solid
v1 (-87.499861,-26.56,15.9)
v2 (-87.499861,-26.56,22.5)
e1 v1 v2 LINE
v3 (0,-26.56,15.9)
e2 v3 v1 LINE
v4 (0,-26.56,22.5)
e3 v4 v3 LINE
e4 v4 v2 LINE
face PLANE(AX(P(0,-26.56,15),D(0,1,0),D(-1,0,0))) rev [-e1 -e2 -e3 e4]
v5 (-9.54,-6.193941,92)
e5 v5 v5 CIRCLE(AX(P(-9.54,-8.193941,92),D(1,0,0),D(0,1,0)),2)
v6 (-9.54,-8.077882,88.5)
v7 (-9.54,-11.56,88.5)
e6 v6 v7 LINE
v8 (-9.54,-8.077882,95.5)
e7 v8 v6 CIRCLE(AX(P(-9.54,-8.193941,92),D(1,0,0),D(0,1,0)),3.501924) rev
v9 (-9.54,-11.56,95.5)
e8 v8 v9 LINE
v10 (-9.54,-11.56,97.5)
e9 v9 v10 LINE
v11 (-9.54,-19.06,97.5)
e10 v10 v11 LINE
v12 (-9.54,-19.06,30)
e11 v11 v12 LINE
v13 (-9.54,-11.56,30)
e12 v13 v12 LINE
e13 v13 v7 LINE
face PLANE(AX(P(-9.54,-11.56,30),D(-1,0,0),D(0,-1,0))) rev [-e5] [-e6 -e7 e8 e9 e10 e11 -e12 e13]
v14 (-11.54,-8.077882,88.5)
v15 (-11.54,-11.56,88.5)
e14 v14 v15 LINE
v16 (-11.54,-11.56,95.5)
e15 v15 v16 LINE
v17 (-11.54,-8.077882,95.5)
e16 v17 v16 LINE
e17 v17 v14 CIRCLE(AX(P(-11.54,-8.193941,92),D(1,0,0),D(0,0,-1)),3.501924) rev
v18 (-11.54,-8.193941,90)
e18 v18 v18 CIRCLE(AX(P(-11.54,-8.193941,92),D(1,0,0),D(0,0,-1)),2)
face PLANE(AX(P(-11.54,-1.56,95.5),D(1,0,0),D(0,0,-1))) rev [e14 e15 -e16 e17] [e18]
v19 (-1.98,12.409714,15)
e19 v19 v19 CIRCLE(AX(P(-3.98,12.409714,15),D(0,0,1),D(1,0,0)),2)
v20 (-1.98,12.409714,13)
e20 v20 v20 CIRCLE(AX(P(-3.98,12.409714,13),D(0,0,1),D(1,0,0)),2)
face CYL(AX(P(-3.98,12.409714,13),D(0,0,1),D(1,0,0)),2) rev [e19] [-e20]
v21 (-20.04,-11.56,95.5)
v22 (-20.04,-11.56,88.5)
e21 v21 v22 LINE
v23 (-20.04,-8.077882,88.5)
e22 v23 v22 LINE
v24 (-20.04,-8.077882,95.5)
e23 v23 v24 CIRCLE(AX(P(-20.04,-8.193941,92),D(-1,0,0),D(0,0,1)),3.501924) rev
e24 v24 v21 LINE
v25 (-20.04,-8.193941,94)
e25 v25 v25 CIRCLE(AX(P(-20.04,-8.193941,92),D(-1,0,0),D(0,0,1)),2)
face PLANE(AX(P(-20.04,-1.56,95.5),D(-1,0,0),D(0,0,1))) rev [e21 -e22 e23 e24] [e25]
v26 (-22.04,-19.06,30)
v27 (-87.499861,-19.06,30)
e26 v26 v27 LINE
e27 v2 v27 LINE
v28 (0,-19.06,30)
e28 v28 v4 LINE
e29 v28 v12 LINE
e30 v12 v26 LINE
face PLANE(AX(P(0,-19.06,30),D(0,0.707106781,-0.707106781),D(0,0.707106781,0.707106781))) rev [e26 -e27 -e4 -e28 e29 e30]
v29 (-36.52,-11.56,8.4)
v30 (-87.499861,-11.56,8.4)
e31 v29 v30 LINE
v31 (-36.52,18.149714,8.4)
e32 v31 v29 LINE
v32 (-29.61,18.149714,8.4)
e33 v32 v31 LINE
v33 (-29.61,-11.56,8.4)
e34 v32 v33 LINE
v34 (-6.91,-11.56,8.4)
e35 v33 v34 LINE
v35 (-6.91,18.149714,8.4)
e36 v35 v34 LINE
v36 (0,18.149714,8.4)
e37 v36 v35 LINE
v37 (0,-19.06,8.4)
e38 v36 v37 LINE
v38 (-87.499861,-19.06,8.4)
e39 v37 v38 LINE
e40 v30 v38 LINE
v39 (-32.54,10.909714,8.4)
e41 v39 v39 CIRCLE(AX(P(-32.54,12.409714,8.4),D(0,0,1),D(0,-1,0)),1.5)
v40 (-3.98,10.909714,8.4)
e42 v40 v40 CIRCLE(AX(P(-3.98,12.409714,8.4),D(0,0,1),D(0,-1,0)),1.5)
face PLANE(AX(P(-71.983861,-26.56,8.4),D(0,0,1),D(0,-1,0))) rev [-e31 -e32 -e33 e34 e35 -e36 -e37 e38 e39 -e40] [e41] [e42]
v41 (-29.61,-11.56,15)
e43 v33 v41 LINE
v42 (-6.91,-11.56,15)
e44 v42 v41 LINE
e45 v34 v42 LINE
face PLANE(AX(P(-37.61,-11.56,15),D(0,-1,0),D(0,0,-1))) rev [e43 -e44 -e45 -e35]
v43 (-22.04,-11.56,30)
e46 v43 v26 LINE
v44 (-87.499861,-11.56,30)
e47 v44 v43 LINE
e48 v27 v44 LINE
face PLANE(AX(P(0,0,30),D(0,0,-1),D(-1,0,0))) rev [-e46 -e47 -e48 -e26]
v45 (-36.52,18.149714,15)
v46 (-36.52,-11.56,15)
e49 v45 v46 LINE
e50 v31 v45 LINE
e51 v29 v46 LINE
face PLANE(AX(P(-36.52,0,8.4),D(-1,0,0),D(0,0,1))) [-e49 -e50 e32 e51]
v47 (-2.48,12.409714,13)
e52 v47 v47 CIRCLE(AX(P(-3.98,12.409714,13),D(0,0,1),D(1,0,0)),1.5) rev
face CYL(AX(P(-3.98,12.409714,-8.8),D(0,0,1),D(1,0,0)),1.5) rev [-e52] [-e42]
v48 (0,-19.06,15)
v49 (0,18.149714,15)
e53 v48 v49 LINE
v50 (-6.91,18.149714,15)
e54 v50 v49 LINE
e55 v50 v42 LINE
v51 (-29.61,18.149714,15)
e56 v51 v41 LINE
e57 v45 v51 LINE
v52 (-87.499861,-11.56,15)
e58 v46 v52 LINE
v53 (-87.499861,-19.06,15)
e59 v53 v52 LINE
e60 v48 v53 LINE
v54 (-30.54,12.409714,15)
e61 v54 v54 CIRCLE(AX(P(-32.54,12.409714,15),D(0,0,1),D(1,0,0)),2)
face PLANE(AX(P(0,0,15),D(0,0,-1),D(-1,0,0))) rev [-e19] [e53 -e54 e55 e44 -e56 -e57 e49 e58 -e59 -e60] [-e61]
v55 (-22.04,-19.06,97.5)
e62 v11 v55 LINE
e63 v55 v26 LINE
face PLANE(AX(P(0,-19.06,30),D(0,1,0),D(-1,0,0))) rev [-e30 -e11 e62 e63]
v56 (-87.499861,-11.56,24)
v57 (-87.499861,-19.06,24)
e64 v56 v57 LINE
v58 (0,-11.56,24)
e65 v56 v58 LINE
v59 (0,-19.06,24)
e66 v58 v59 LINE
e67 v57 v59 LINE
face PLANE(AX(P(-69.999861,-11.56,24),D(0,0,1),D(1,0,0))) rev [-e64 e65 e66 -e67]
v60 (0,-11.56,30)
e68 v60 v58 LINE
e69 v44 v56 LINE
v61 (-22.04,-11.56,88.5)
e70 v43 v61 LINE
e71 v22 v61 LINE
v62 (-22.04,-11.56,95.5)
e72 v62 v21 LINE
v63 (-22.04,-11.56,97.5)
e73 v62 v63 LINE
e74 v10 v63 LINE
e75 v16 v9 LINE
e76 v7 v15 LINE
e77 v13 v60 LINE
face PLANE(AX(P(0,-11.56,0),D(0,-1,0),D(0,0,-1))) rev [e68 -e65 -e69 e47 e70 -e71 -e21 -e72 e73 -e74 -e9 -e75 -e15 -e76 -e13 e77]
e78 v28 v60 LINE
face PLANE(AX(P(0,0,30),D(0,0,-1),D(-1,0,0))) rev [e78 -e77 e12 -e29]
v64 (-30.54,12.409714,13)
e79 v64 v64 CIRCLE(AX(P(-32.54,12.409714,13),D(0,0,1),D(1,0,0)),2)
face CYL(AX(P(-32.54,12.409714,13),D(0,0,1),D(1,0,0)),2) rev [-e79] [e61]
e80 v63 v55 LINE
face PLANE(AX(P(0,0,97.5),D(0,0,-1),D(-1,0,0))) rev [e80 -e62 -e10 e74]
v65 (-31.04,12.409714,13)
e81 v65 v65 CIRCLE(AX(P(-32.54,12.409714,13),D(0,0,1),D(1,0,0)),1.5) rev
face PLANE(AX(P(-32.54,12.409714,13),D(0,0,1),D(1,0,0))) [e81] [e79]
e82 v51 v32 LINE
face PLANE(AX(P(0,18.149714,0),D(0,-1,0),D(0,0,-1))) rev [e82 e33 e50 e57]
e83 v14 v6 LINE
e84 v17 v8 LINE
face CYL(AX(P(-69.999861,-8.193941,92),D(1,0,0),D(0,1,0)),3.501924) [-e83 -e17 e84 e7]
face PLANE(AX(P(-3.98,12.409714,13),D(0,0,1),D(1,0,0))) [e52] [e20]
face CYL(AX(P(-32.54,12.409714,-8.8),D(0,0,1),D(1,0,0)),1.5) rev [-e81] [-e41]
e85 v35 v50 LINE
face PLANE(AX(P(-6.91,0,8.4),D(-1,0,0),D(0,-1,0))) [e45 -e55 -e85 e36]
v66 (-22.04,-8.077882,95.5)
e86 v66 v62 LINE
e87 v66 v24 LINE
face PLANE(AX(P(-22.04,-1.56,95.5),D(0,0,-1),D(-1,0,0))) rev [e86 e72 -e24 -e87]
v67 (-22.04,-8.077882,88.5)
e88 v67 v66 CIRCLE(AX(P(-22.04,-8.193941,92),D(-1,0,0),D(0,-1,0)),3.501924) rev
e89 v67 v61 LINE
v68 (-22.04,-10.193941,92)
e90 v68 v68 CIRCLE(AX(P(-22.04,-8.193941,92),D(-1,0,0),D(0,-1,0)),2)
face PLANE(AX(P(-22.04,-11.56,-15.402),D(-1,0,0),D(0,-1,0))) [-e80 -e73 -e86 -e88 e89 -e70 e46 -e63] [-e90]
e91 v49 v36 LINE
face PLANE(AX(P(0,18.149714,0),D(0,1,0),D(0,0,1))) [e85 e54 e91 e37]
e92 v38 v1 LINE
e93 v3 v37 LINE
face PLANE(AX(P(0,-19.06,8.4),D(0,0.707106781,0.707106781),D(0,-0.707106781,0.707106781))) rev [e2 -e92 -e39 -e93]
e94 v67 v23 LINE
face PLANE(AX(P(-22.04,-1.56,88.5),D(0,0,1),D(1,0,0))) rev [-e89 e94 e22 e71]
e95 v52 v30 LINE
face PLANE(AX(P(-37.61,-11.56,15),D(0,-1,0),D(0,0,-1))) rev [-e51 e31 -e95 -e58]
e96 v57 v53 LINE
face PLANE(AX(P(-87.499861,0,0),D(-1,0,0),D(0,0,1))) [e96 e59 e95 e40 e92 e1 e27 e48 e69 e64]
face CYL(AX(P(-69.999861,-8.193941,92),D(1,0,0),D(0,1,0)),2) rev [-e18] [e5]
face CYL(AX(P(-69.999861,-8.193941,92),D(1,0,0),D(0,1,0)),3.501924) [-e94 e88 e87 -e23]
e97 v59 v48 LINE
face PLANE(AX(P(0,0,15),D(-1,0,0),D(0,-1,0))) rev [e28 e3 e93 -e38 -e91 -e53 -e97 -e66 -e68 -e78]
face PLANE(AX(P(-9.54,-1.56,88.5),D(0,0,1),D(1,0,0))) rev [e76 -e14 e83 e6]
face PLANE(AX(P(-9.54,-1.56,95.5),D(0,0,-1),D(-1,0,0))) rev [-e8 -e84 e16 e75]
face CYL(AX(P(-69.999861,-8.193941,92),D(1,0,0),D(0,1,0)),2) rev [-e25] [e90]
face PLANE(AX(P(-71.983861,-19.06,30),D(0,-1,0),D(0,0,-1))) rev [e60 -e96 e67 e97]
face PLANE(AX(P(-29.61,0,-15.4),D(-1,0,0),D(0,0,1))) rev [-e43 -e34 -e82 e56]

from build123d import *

# Parameters (mm, degrees)
BOSS_EXTRUDE1_DEPTH     = 15
SKETCH2_W               = 71.983860539
SKETCH2_H               = 7.5
BOSS_EXTRUDE2_DEPTH     = 15
SKETCH3_W               = 71.983860539
SKETCH3_H               = 7.5
BOSS_EXTRUDE3_DEPTH     = 7.5
SKETCH4_W               = 8.4
SKETCH4_H               = 26.56
CUT_EXTRUDE1_DEPTH      = 83.383916987
SKETCH5_W               = 71.983860539
SKETCH5_H               = 10
BOSS_EXTRUDE4_DEPTH     = 23.8
SKETCH6_W               = 61.591879109
SKETCH6_H               = 40.125144004
CUT_EXTRUDE2_DEPTH      = 1.984
ESQUISSE1_W             = 10.09
ESQUISSE1_H             = 11.56
ENL_V_MAT_EXTRU_1_DEPTH = 10
ESQUISSE2_W             = 4.91
ESQUISSE2_H             = 11.56
BOSS_EXTRU_1_DEPTH      = 6.6
ESQUISSE3_W             = 12.5
ESQUISSE3_H             = 15
BOSS_EXTRU_5_DEPTH      = 67.5
ESQUISSE4_W             = 22.7
ESQUISSE4_H             = 17.2
BOSS_EXTRU_6_DEPTH      = 5
ESQUISSE5_W             = 15
ESQUISSE5_H             = 11.56
ENL_V_MAT_EXTRU_4_DEPTH = 117.379654903
SKETCH7_W               = 1.5
SKETCH7_H               = 7.5
CUT_EXTRUDE3_DEPTH      = 123.929508563
BOSS_EXTRUDE5_REACH     = 137.469
SKETCH8_W               = 2
SKETCH8_H               = 15
SKETCH9_W               = 2
SKETCH9_H               = 15
CUT_EXTRUDE4_DEPTH      = 67.5
BOSS_EXTRUDE6_START     = -6.6
SKETCH10_W              = 2
SKETCH10_H              = 11.56
BOSS_EXTRUDE6_DEPTH     = 6.6
SKETCH12_W              = 2
SKETCH12_H              = 11.56
CUT_EXTRUDE6_DEPTH      = 112.407648191
SKETCH13_W              = 4
SKETCH13_H              = 11.56
BOSS_EXTRUDE7_DEPTH     = 6.6
SKETCH14_W              = 2
SKETCH14_H              = 17.2
CUT_EXTRUDE7_DEPTH      = 5
SKETCH15_W              = 2
SKETCH15_H              = 17.2
BOSS_EXTRUDE8_DEPTH     = 15
SKETCH16_W              = 40.389860539
SKETCH16_H              = 23.8
CUT_EXTRUDE8_DEPTH      = 122.16296495
SKETCH21_W              = 6.91
SKETCH21_H              = 23.8
CUT_EXTRUDE11_DEPTH     = 122.16296495
SKETCH22_W              = 22.7
SKETCH22_H              = 6.6
CUT_EXTRUDE12_DEPTH     = 122.16296495
SKETCH23_W              = 17.2
SKETCH23_H              = 7.5
CUT_EXTRUDE13_DEPTH     = 109.825660735
SKETCH26_R              = 1.05
CUT_EXTRUDE15_DEPTH     = 117.379654903
SKETCH27_R              = 1.05
CUT_EXTRUDE16_DEPTH     = 117.379654903
SKETCH28_W              = 67.5
SKETCH28_H              = 7.5
CUT_EXTRUDE17_DEPTH     = 112.85629988
CUT_EXTRUDE18_DEPTH     = 123.929508563
CUT_EXTRUDE19_DEPTH     = 123.929508563
SKETCH32_W              = 2
SKETCH32_H              = 7
BOSS_EXTRUDE10_DEPTH    = 10
SKETCH33_W              = 2
SKETCH33_H              = 7
BOSS_EXTRUDE11_DEPTH    = 10
CUT_EXTRUDE20_DEPTH     = 118.758559504
CUT_EXTRUDE21_DEPTH     = 118.758559504
SKETCH40_R              = 2
CUT_EXTRUDE22_DEPTH     = 118.758559504
BOSS_EXTRUDE12_DEPTH    = 17.5
SKETCH42_W              = 6.91
SKETCH42_H              = 6.6
BOSS_EXTRUDE13_DEPTH    = 18.14971438
SKETCH43_R              = 1.5
CUT_EXTRUDE23_DEPTH     = 124.158065892
SKETCH44_R              = 2
CUT_EXTRUDE24_DEPTH     = 2
SKETCH45_W              = 3.244883141
SKETCH45_H              = 3.430305034
SKETCH45_W_2            = 4.17199261
BOSS_EXTRUDE14_DEPTH    = 6.6
SKETCH46_W              = 22.7
SKETCH46_H              = 17.2
CUT_EXTRUDE25_DEPTH     = 135.332210295


with BuildPart() as part:
    # Sketch1 → Boss-Extrude1 (new body)
    with BuildSketch(Plane.XY):
        Polygon((0, 0), (0, -26.56), (-71.983860539, -26.56), (-71.983860539, -11.56), (-52.61, -11.56), (-52.61, 0), (-37.61, 0), (-37.61, -11.56), (-15, -11.56), (-15, 0), align=None)
    extrude(amount=BOSS_EXTRUDE1_DEPTH)

    # Sketch2 → Boss-Extrude2 (add)
    with BuildSketch(Plane.XY.offset(15)):
        with Locations((-35.99193027, -22.81)):
            Rectangle(SKETCH2_W, SKETCH2_H)
    extrude(amount=BOSS_EXTRUDE2_DEPTH)

    # Sketch3 → Boss-Extrude3 (add)
    with BuildSketch(Plane(origin=(0, -19.06, 0), x_dir=(1, 0, 0), z_dir=(0, 1, 0))):
        with Locations((-35.99193027, -26.25)):
            Rectangle(SKETCH3_W, SKETCH3_H)
    extrude(amount=BOSS_EXTRUDE3_DEPTH)

    # Sketch4 → Cut-Extrude1 (cut, through all)
    with BuildSketch(Plane(origin=(0, 0, 0), x_dir=(0, 0, -1), z_dir=(1, 0, 0))):
        with Locations((-4.2, -13.28)):
            Rectangle(SKETCH4_W, SKETCH4_H)
    extrude(amount=-CUT_EXTRUDE1_DEPTH, mode=Mode.SUBTRACT)

    # Sketch5 → Boss-Extrude4 (add)
    with BuildSketch(Plane(origin=(0, 0, 8.4), x_dir=(-1, 0, 0), z_dir=(0, 0, -1))):
        with Locations((35.99193027, -21.56)):
            Rectangle(SKETCH5_W, SKETCH5_H)
    extrude(amount=BOSS_EXTRUDE4_DEPTH)

    # Sketch6 → Cut-Extrude2 (cut)
    with BuildSketch(Plane.ZY.offset(71.983860539)):
        with Locations((3.866783639, -17.156311896)):
            Rectangle(SKETCH6_W, SKETCH6_H)
    extrude(amount=-CUT_EXTRUDE2_DEPTH, mode=Mode.SUBTRACT)

    # Esquisse1 → Enlèv. mat.-Extru.1 (cut)
    with BuildSketch(Plane.XY.offset(15)):
        with Locations((-9.955, -5.78)):
            Rectangle(ESQUISSE1_W, ESQUISSE1_H)
    extrude(amount=-ENL_V_MAT_EXTRU_1_DEPTH, mode=Mode.SUBTRACT)

    # Esquisse2 → Boss.-Extru.1 (add)
    with BuildSketch(Plane(origin=(0, 0, 8.4), x_dir=(-1, 0, 0), z_dir=(0, 0, -1))):
        with Locations((30.065, -5.78)):
            Rectangle(ESQUISSE2_W, ESQUISSE2_H)
    extrude(amount=-BOSS_EXTRU_1_DEPTH)

    # Esquisse3 → Boss.-Extru.5 (add)
    with BuildSketch(Plane.XY.offset(30)):
        with Locations((-13.79, -19.06)):
            Rectangle(ESQUISSE3_W, ESQUISSE3_H)
    extrude(amount=BOSS_EXTRU_5_DEPTH)

    # Esquisse4 → Boss.-Extru.6 (add)
    with BuildSketch(Plane(origin=(0, -16.56, 0), x_dir=(1, 0, 0), z_dir=(0, 1, 0))):
        with Locations((-16.26, 0.2)):
            Rectangle(ESQUISSE4_W, ESQUISSE4_H)
    extrude(amount=BOSS_EXTRU_6_DEPTH)

    # Esquisse5 → Enlèv. mat.-Extru.4 (cut, through all)
    with BuildSketch(Plane(origin=(0, 0, 8.4), x_dir=(-1, 0, 0), z_dir=(0, 0, -1))):
        with Locations((45.11, -5.78)):
            Rectangle(ESQUISSE5_W, ESQUISSE5_H)
    extrude(amount=-ENL_V_MAT_EXTRU_4_DEPTH, mode=Mode.SUBTRACT)

    # Sketch7 → Cut-Extrude3 (cut, through all)
    with BuildSketch(Plane(origin=(0, 0, 0), x_dir=(0, 0, -1), z_dir=(1, 0, 0))):
        with Locations((-23.25, -15.31)):
            Rectangle(SKETCH7_W, SKETCH7_H)
    extrude(amount=-CUT_EXTRUDE3_DEPTH, mode=Mode.SUBTRACT)

    # Sketch8 → Boss-Extrude5 (add, up to next)
    with BuildSketch(Plane.XY.offset(97.5), mode=Mode.PRIVATE) as boss_extrude5_sk1:
        with Locations((-21.04, -19.06)):
            Rectangle(SKETCH8_W, SKETCH8_H)
    boss_extrude5_tool1 = extrude(boss_extrude5_sk1.sketch, amount=-BOSS_EXTRUDE5_REACH, mode=Mode.PRIVATE) - part.part
    add(boss_extrude5_tool1.solids().sort_by_distance((-21.04, -19.06, 97.5))[0])

    # Sketch9 → Cut-Extrude4 (cut)
    with BuildSketch(Plane.XY.offset(97.5)):
        with Locations((-8.54, -19.06)):
            Rectangle(SKETCH9_W, SKETCH9_H)
    extrude(amount=-CUT_EXTRUDE4_DEPTH, mode=Mode.SUBTRACT)

    # Sketch10 → Boss-Extrude6 (add)
    with BuildSketch(Plane.XY.offset(15).offset(BOSS_EXTRUDE6_START)):
        with Locations((-5.91, -5.78)):
            Rectangle(SKETCH10_W, SKETCH10_H)
    extrude(amount=BOSS_EXTRUDE6_DEPTH)

    # Sketch12 → Cut-Extrude6 (cut, through all)
    with BuildSketch(Plane.XY.offset(15)):
        with Locations((-28.61, -5.78)):
            Rectangle(SKETCH12_W, SKETCH12_H)
    extrude(amount=-CUT_EXTRUDE6_DEPTH, mode=Mode.SUBTRACT)

    # Sketch13 → Boss-Extrude7 (add)
    with BuildSketch(Plane.XY.offset(15)):
        with Locations((-34.52, -5.78)):
            Rectangle(SKETCH13_W, SKETCH13_H)
    extrude(amount=-BOSS_EXTRUDE7_DEPTH)

    # Sketch14 → Cut-Extrude7 (cut)
    with BuildSketch(Plane(origin=(0, -11.56, 0), x_dir=(1, 0, 0), z_dir=(0, 1, 0))):
        with Locations((-5.91, 0.2)):
            Rectangle(SKETCH14_W, SKETCH14_H)
    extrude(amount=-CUT_EXTRUDE7_DEPTH, mode=Mode.SUBTRACT)

    # Sketch15 → Boss-Extrude8 (add)
    with BuildSketch(Plane(origin=(0, -11.56, 0), x_dir=(1, 0, 0), z_dir=(0, 1, 0))):
        with Locations((-28.61, 0.2)):
            Rectangle(SKETCH15_W, SKETCH15_H)
    extrude(amount=-BOSS_EXTRUDE8_DEPTH)

    # Sketch16 → Cut-Extrude8 (cut, through all)
    with BuildSketch(Plane(origin=(0, -16.56, 0), x_dir=(1, 0, 0), z_dir=(0, 1, 0))):
        with Locations((-49.80493027, 3.5)):
            Rectangle(SKETCH16_W, SKETCH16_H)
    extrude(amount=-CUT_EXTRUDE8_DEPTH, mode=Mode.SUBTRACT)

    # Sketch21 → Cut-Extrude11 (cut, through all)
    with BuildSketch(Plane(origin=(0, -16.56, 0), x_dir=(1, 0, 0), z_dir=(0, 1, 0))):
        with Locations((-3.455, 3.5)):
            Rectangle(SKETCH21_W, SKETCH21_H)
    extrude(amount=-CUT_EXTRUDE11_DEPTH, mode=Mode.SUBTRACT)

    # Sketch22 → Cut-Extrude12 (cut, through all)
    with BuildSketch(Plane(origin=(0, -16.56, 0), x_dir=(1, 0, 0), z_dir=(0, 1, 0))):
        with Locations((-18.26, 12.1)):
            Rectangle(SKETCH22_W, SKETCH22_H)
    extrude(amount=-CUT_EXTRUDE12_DEPTH, mode=Mode.SUBTRACT)

    # Sketch23 → Cut-Extrude13 (cut, through all)
    with BuildSketch(Plane.ZY.offset(29.61)):
        with Locations((-0.2, -22.81)):
            Rectangle(SKETCH23_W, SKETCH23_H)
    extrude(amount=-CUT_EXTRUDE13_DEPTH, mode=Mode.SUBTRACT)

    # Sketch26 → Cut-Extrude15 (cut, through all)
    with BuildSketch(Plane(origin=(0, 0, 8.4), x_dir=(-1, 0, 0), z_dir=(0, 0, -1))):
        with Locations(Location((3.98, -5.74, 0), (0, 0, 90))):
            Circle(SKETCH26_R)
    extrude(amount=-CUT_EXTRUDE15_DEPTH, mode=Mode.SUBTRACT)

    # Sketch27 → Cut-Extrude16 (cut, through all)
    with BuildSketch(Plane(origin=(0, 0, 8.4), x_dir=(-1, 0, 0), z_dir=(0, 0, -1))):
        with Locations(Location((32.54, -5.74, 0), (0, 0, 90))):
            Circle(SKETCH27_R)
    extrude(amount=-CUT_EXTRUDE16_DEPTH, mode=Mode.SUBTRACT)

    # Sketch28 → Cut-Extrude17 (cut, through all)
    with BuildSketch(Plane.ZY.offset(22.04)):
        with Locations((63.75, -22.81)):
            Rectangle(SKETCH28_W, SKETCH28_H)
    extrude(amount=-CUT_EXTRUDE17_DEPTH, mode=Mode.SUBTRACT)

    # Sketch29 → Cut-Extrude18 (cut, through all)
    with BuildSketch(Plane.ZY.offset(69.999860539)):
        Polygon((8.4, -19.06), (15.9, -26.56), (8.4, -26.56), align=None)
    extrude(amount=-CUT_EXTRUDE18_DEPTH, mode=Mode.SUBTRACT)

    # Sketch30 → Cut-Extrude19 (cut, through all)
    with BuildSketch(Plane.ZY.offset(69.999860539)):
        Polygon((30, -19.06), (22.5, -26.56), (30, -26.56), align=None)
    extrude(amount=-CUT_EXTRUDE19_DEPTH, mode=Mode.SUBTRACT)

    # Sketch32 → Boss-Extrude10 (add)
    with BuildSketch(Plane(origin=(0, -11.56, 0), x_dir=(1, 0, 0), z_dir=(0, 1, 0))):
        with Locations((-21.04, -92)):
            Rectangle(SKETCH32_W, SKETCH32_H)
    extrude(amount=BOSS_EXTRUDE10_DEPTH)

    # Sketch33 → Boss-Extrude11 (add)
    with BuildSketch(Plane(origin=(0, -11.56, 0), x_dir=(1, 0, 0), z_dir=(0, 1, 0))):
        with Locations((-10.54, -92)):
            Rectangle(SKETCH33_W, SKETCH33_H)
    extrude(amount=BOSS_EXTRUDE11_DEPTH)

    # Sketch37 → Cut-Extrude20 (cut, through all)
    with BuildSketch(Plane(origin=(-9.54, 0, 0), x_dir=(0, 0, -1), z_dir=(1, 0, 0))):
        with BuildLine():
            Line((-95.5, -1.56), (-95.5, -5.06))
            ThreePointArc((-95.5, -5.06), (-94.474873734, -2.585126266), (-92, -1.56))
            Line((-92, -1.56), (-95.5, -1.56))
        make_face()
        with BuildLine():
            ThreePointArc((-92, -1.56), (-89.525126266, -2.585126266), (-88.5, -5.06))
            Line((-88.5, -5.06), (-88.5, -1.56))
            Line((-88.5, -1.56), (-92, -1.56))
        make_face()
    extrude(amount=-CUT_EXTRUDE20_DEPTH, mode=Mode.SUBTRACT)

    # Sketch39 → Cut-Extrude21 (cut, through all)
    with BuildSketch(Plane(origin=(-9.54, 0, 0), x_dir=(0, 0, -1), z_dir=(1, 0, 0))):
        with BuildLine():
            ThreePointArc((-95.5, -8.077882472), (-92, -4.692017531), (-88.5, -8.077882472))
            Line((-88.5, -8.077882472), (-88.5, -5.06))
            ThreePointArc((-88.5, -5.06), (-92, -1.56), (-95.5, -5.06))
            Line((-95.5, -5.06), (-95.5, -8.077882472))
        make_face()
    extrude(amount=-CUT_EXTRUDE21_DEPTH, mode=Mode.SUBTRACT)

    # Sketch40 → Cut-Extrude22 (cut, through all)
    with BuildSketch(Plane(origin=(-9.54, 0, 0), x_dir=(0, 0, -1), z_dir=(1, 0, 0))):
        with Locations(Location((-92, -8.193941236, 0), (0, 0, 90))):
            Circle(SKETCH40_R)
    extrude(amount=-CUT_EXTRUDE22_DEPTH, mode=Mode.SUBTRACT)

    # Sketch41 → Boss-Extrude12 (add)
    with BuildSketch(Plane.ZY.offset(69.999860539)):
        Polygon((8.4, -11.56), (8.4, -19.06), (15.9, -26.56), (22.5, -26.56), (30, -19.06), (30, -11.56), (24, -11.56), (24, -19.06), (15, -19.06), (15, -11.56), align=None)
    extrude(amount=BOSS_EXTRUDE12_DEPTH)

    # Sketch42 → Boss-Extrude13 (add)
    with BuildSketch(Plane(origin=(0, 0, 0), x_dir=(1, 0, 0), z_dir=(0, 1, 0))):
        with Locations((-3.455, -11.7)):
            Rectangle(SKETCH42_W, SKETCH42_H)
        with Locations((-33.065, -11.7)):
            Rectangle(SKETCH42_W, SKETCH42_H)
    extrude(amount=BOSS_EXTRUDE13_DEPTH)

    # Sketch43 → Cut-Extrude23 (cut, through all)
    with BuildSketch(Plane.XY.offset(15)):
        with Locations((-32.54, 12.40971438)):
            Circle(SKETCH43_R)
        with Locations((-3.98, 12.40971438)):
            Circle(SKETCH43_R)
    extrude(amount=-CUT_EXTRUDE23_DEPTH, mode=Mode.SUBTRACT)

    # Sketch44 → Cut-Extrude24 (cut)
    with BuildSketch(Plane.XY.offset(15)):
        with Locations((-32.54, 12.40971438)):
            Circle(SKETCH44_R)
        with Locations((-3.98, 12.40971438)):
            Circle(SKETCH44_R)
    extrude(amount=-CUT_EXTRUDE24_DEPTH, mode=Mode.SUBTRACT)

    # Sketch45 → Boss-Extrude14 (add)
    with BuildSketch(Plane.XY.offset(15)):
        with Locations((-32.392839278, -5.503096066)):
            Rectangle(SKETCH45_W, SKETCH45_H)
        with Locations((-3.930578587, -5.503096066)):
            Rectangle(SKETCH45_W_2, SKETCH45_H)
    extrude(amount=-BOSS_EXTRUDE14_DEPTH)

    # Sketch46 → Cut-Extrude25 (cut, through all)
    with BuildSketch(Plane(origin=(0, -11.56, 0), x_dir=(1, 0, 0), z_dir=(0, 1, 0))):
        with Locations((-18.26, 0.2)):
            Rectangle(SKETCH46_W, SKETCH46_H)
    extrude(amount=-CUT_EXTRUDE25_DEPTH, mode=Mode.SUBTRACT)


solid = part.part
